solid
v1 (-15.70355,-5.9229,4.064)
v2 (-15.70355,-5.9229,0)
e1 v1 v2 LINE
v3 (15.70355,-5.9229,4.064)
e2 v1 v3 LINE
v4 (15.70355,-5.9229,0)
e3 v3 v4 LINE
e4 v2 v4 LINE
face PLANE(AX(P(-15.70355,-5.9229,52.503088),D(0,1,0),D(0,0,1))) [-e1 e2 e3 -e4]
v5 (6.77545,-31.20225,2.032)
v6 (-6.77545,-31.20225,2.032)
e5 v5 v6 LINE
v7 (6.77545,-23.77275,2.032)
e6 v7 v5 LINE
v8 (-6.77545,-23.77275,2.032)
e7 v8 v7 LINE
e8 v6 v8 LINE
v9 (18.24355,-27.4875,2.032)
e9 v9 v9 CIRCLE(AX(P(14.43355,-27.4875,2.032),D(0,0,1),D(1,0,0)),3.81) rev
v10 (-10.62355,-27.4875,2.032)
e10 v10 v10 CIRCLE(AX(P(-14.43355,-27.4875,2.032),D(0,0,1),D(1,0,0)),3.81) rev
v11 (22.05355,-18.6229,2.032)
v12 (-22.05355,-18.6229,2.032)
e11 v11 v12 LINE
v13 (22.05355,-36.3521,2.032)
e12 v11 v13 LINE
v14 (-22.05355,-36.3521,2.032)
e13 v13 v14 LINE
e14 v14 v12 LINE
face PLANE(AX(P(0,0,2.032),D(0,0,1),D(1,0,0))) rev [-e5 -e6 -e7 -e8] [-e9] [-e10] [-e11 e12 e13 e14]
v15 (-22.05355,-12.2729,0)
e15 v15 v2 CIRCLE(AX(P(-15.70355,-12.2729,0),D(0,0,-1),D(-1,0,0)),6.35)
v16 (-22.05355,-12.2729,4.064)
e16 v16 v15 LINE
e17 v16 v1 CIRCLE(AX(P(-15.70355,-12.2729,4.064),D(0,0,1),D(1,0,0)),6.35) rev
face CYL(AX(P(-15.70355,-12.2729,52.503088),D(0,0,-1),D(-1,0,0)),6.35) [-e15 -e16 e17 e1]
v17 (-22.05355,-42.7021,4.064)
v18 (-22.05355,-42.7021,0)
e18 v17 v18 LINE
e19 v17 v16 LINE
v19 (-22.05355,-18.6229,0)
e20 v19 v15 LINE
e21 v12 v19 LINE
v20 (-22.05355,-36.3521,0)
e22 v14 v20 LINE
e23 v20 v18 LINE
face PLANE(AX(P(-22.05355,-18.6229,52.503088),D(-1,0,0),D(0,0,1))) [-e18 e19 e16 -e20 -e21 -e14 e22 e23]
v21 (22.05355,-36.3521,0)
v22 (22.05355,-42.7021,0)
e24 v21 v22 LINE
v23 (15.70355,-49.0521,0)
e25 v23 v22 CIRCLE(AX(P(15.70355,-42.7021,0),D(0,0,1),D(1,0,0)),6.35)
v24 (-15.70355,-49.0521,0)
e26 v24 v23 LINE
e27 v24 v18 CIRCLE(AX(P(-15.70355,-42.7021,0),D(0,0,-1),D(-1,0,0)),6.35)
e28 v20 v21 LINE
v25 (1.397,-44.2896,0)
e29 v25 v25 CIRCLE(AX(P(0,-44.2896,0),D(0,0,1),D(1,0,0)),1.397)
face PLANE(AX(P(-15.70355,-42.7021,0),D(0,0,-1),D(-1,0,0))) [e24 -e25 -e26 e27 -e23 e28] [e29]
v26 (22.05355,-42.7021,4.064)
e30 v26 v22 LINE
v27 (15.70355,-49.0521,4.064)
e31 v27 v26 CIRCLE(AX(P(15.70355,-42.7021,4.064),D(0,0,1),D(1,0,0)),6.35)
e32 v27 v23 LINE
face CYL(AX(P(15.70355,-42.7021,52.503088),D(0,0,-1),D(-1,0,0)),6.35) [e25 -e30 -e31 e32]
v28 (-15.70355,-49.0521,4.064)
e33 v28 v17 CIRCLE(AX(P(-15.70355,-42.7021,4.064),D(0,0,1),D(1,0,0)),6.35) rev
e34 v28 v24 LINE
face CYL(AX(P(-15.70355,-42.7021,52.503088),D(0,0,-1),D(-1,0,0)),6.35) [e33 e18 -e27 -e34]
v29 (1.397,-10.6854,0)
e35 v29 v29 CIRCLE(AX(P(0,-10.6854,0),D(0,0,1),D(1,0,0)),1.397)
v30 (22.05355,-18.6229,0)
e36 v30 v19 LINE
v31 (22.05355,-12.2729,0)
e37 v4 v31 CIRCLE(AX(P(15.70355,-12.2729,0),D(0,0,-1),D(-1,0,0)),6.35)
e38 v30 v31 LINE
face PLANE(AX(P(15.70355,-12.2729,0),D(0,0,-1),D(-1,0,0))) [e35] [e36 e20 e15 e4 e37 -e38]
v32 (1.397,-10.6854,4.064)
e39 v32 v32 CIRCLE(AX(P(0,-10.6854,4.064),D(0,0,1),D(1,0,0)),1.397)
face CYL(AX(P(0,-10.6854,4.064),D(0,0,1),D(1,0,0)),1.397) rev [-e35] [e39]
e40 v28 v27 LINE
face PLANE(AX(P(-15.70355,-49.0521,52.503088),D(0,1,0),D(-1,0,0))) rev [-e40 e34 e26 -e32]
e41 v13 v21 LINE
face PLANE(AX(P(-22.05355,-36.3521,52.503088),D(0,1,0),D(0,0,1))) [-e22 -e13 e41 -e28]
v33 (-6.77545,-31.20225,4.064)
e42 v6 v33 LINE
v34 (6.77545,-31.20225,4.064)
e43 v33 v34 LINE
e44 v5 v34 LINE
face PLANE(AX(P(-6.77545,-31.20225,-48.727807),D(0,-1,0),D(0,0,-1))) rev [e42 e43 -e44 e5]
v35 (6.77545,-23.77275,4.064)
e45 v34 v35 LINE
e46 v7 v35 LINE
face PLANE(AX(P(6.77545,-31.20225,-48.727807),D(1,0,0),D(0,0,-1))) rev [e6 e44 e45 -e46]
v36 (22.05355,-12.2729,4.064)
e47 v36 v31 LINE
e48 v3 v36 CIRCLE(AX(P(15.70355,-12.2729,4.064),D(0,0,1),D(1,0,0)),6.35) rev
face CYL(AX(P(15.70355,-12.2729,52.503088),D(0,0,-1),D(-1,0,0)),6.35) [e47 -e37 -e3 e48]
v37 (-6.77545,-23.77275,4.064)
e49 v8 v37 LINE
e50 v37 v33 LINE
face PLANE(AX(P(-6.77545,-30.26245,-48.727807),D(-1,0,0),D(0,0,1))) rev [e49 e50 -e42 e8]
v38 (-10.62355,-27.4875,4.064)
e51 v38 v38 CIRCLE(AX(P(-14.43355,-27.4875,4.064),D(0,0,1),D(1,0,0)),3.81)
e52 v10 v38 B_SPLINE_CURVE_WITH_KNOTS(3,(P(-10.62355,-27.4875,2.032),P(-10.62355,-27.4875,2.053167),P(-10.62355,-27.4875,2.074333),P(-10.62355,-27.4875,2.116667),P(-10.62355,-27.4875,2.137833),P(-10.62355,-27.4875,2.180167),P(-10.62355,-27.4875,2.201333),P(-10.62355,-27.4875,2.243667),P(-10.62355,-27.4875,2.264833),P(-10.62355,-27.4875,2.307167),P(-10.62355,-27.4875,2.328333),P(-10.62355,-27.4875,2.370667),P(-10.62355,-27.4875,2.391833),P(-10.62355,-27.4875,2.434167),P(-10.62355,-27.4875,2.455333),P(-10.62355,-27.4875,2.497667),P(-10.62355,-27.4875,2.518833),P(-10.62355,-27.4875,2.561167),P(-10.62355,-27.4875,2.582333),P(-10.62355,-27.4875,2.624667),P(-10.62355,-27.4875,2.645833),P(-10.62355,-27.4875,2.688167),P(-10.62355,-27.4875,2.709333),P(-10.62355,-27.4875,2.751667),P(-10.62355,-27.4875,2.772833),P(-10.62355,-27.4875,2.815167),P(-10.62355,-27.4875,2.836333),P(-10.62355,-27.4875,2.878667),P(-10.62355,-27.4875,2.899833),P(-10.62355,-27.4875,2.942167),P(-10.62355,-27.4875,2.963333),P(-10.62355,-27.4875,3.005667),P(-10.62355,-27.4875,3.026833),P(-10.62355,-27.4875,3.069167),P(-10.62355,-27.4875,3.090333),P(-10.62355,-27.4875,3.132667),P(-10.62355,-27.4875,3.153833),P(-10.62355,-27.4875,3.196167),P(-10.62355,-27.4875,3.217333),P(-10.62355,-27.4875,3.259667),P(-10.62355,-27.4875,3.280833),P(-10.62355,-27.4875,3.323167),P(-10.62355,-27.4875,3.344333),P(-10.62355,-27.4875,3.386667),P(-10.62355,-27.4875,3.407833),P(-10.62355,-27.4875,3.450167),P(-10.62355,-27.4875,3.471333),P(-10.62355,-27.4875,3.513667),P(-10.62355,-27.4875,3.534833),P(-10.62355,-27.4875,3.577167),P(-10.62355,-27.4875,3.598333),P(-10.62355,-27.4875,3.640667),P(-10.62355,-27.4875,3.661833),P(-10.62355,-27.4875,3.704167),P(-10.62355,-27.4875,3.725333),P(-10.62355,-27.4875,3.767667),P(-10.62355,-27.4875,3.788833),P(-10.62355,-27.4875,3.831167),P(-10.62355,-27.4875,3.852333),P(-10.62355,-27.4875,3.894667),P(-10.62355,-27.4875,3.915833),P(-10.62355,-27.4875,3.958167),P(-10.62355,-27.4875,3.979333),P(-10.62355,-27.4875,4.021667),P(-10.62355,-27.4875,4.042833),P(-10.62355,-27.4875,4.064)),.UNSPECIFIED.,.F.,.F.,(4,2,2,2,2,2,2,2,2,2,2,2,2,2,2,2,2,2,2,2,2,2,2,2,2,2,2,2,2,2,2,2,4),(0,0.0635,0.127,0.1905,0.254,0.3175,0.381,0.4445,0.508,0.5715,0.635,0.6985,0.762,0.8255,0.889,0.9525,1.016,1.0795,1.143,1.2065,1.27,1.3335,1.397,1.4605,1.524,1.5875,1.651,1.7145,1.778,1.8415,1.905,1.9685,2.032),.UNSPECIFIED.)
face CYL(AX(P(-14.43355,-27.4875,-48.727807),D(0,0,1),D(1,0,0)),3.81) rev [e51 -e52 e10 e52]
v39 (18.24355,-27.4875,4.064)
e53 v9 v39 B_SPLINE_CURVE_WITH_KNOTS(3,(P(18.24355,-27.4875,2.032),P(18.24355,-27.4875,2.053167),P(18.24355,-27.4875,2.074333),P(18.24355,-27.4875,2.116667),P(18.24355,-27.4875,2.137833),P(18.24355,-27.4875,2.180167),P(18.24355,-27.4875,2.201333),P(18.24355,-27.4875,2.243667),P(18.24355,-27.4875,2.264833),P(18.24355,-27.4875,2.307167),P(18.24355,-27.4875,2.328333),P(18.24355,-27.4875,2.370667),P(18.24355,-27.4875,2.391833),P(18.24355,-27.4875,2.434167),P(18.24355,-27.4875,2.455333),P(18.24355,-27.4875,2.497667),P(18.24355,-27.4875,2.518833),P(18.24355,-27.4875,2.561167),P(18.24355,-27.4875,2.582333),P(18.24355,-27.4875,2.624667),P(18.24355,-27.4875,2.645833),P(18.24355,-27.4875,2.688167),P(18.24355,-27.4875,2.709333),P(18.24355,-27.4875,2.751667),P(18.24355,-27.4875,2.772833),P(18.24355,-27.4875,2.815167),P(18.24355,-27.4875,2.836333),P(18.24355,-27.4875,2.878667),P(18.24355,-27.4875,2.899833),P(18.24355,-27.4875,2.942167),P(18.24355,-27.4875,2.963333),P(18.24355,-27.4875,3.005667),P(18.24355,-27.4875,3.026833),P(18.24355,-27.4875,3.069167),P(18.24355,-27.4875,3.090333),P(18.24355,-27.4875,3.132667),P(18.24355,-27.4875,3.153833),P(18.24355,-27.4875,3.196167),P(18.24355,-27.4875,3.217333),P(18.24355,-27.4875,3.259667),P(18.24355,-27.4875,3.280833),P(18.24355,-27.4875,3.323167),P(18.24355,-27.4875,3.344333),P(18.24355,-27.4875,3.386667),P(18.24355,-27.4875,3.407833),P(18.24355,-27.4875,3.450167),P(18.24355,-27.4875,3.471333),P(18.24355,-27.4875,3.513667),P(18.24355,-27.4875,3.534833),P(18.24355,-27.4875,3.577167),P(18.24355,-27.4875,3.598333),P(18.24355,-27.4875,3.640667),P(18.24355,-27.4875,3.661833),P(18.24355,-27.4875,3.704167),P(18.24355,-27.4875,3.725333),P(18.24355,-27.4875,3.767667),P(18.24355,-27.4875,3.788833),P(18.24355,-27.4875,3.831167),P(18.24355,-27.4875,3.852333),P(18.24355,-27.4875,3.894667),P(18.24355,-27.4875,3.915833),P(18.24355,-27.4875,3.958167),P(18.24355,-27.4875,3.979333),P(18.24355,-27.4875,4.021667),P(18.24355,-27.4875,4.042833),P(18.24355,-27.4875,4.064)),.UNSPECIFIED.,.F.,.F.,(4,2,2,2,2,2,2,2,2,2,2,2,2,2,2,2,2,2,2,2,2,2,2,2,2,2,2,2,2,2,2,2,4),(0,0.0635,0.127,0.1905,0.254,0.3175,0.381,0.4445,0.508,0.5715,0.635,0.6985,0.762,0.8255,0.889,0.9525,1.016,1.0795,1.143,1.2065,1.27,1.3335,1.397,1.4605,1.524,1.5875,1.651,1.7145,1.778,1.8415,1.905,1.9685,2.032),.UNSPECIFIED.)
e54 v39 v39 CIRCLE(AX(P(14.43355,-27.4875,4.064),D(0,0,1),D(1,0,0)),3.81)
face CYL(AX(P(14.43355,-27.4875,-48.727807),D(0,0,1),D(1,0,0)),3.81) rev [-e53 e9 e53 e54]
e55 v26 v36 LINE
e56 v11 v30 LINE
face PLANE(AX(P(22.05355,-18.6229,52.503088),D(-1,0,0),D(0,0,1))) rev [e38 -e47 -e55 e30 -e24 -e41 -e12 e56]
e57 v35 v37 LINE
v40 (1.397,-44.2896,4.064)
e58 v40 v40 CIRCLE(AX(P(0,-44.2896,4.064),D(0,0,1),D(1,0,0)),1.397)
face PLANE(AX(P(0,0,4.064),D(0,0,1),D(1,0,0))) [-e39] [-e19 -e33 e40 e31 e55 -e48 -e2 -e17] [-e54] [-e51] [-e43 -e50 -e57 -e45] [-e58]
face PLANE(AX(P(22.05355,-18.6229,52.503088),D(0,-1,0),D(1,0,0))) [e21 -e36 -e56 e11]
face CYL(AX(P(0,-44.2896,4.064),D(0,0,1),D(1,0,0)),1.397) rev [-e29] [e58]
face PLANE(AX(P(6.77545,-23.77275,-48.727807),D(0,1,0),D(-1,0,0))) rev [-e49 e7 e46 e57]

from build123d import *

# Parameters (mm, degrees)
BOSS_EXTRUDE1_DEPTH   = 4.064
BOSS_EXTRUDE1_2_DEPTH = 4.064
SKETCH2_W             = 44.1071
SKETCH2_H             = 24.0792
SKETCH2_R             = 3.81
BOSS_EXTRUDE2_DEPTH   = 2.032
F_3_CLEARANCE_HOLE1_D = 2.794


with BuildPart() as part:
    # Sketch1 → Boss-Extrude1 (new body)
    with BuildSketch(Plane.XY):
        with BuildLine():
            Line((-22.05355, -18.6229), (-22.05355, -12.2729))
            ThreePointArc((-22.05355, -12.2729), (-20.193678061, -7.782771939), (-15.70355, -5.9229))
            Line((-15.70355, -5.9229), (15.70355, -5.9229))
            ThreePointArc((15.70355, -5.9229), (20.193678061, -7.782771939), (22.05355, -12.2729))
            Line((22.05355, -12.2729), (22.05355, -18.6229))
            Line((22.05355, -18.6229), (-22.05355, -18.6229))
        make_face()
    extrude(amount=BOSS_EXTRUDE1_DEPTH)



with BuildPart() as body_2:
    # Sketch1 → Boss-Extrude1 2 (new body)
    with BuildSketch(Plane.XY):
        with BuildLine():
            Line((-22.05355, -36.3521), (22.05355, -36.3521))
            Line((22.05355, -36.3521), (22.05355, -42.7021))
            ThreePointArc((22.05355, -42.7021), (20.193678061, -47.192228061), (15.70355, -49.0521))
            Line((15.70355, -49.0521), (-15.70355, -49.0521))
            ThreePointArc((-15.70355, -49.0521), (-20.193678061, -47.192228061), (-22.05355, -42.7021))
            Line((-22.05355, -42.7021), (-22.05355, -36.3521))
        make_face()
    extrude(amount=BOSS_EXTRUDE1_2_DEPTH)


with BuildPart() as part_1:
    add(part.part)

    add(body_2.part)  # Boss-Extrude2 merges body 2
    # Sketch2 → Boss-Extrude2 (add)
    with BuildSketch(Plane.XY.offset(4.064)):
        with Locations((0, -27.4875)):
            Rectangle(SKETCH2_W, SKETCH2_H)
        with Locations((14.43355, -27.4875)):
            Circle(SKETCH2_R, mode=Mode.SUBTRACT)
        with Locations((-14.43355, -27.4875)):
            Circle(SKETCH2_R, mode=Mode.SUBTRACT)
        Polygon((-6.77545, -23.77275), (-6.77545, -24.71255), (-6.77545, -30.26245), (-6.77545, -31.20225), (6.77545, -31.20225), (6.77545, -23.77275), align=None, mode=Mode.SUBTRACT)
    extrude(amount=-BOSS_EXTRUDE2_DEPTH)

    # #3 Clearance Hole1 (through all)
    with Locations(Plane.XY.offset(4.064)):
        with Locations((0, -10.6854), (0, -44.2896)):
            Hole(F_3_CLEARANCE_HOLE1_D / 2)


solid = part_1.part
